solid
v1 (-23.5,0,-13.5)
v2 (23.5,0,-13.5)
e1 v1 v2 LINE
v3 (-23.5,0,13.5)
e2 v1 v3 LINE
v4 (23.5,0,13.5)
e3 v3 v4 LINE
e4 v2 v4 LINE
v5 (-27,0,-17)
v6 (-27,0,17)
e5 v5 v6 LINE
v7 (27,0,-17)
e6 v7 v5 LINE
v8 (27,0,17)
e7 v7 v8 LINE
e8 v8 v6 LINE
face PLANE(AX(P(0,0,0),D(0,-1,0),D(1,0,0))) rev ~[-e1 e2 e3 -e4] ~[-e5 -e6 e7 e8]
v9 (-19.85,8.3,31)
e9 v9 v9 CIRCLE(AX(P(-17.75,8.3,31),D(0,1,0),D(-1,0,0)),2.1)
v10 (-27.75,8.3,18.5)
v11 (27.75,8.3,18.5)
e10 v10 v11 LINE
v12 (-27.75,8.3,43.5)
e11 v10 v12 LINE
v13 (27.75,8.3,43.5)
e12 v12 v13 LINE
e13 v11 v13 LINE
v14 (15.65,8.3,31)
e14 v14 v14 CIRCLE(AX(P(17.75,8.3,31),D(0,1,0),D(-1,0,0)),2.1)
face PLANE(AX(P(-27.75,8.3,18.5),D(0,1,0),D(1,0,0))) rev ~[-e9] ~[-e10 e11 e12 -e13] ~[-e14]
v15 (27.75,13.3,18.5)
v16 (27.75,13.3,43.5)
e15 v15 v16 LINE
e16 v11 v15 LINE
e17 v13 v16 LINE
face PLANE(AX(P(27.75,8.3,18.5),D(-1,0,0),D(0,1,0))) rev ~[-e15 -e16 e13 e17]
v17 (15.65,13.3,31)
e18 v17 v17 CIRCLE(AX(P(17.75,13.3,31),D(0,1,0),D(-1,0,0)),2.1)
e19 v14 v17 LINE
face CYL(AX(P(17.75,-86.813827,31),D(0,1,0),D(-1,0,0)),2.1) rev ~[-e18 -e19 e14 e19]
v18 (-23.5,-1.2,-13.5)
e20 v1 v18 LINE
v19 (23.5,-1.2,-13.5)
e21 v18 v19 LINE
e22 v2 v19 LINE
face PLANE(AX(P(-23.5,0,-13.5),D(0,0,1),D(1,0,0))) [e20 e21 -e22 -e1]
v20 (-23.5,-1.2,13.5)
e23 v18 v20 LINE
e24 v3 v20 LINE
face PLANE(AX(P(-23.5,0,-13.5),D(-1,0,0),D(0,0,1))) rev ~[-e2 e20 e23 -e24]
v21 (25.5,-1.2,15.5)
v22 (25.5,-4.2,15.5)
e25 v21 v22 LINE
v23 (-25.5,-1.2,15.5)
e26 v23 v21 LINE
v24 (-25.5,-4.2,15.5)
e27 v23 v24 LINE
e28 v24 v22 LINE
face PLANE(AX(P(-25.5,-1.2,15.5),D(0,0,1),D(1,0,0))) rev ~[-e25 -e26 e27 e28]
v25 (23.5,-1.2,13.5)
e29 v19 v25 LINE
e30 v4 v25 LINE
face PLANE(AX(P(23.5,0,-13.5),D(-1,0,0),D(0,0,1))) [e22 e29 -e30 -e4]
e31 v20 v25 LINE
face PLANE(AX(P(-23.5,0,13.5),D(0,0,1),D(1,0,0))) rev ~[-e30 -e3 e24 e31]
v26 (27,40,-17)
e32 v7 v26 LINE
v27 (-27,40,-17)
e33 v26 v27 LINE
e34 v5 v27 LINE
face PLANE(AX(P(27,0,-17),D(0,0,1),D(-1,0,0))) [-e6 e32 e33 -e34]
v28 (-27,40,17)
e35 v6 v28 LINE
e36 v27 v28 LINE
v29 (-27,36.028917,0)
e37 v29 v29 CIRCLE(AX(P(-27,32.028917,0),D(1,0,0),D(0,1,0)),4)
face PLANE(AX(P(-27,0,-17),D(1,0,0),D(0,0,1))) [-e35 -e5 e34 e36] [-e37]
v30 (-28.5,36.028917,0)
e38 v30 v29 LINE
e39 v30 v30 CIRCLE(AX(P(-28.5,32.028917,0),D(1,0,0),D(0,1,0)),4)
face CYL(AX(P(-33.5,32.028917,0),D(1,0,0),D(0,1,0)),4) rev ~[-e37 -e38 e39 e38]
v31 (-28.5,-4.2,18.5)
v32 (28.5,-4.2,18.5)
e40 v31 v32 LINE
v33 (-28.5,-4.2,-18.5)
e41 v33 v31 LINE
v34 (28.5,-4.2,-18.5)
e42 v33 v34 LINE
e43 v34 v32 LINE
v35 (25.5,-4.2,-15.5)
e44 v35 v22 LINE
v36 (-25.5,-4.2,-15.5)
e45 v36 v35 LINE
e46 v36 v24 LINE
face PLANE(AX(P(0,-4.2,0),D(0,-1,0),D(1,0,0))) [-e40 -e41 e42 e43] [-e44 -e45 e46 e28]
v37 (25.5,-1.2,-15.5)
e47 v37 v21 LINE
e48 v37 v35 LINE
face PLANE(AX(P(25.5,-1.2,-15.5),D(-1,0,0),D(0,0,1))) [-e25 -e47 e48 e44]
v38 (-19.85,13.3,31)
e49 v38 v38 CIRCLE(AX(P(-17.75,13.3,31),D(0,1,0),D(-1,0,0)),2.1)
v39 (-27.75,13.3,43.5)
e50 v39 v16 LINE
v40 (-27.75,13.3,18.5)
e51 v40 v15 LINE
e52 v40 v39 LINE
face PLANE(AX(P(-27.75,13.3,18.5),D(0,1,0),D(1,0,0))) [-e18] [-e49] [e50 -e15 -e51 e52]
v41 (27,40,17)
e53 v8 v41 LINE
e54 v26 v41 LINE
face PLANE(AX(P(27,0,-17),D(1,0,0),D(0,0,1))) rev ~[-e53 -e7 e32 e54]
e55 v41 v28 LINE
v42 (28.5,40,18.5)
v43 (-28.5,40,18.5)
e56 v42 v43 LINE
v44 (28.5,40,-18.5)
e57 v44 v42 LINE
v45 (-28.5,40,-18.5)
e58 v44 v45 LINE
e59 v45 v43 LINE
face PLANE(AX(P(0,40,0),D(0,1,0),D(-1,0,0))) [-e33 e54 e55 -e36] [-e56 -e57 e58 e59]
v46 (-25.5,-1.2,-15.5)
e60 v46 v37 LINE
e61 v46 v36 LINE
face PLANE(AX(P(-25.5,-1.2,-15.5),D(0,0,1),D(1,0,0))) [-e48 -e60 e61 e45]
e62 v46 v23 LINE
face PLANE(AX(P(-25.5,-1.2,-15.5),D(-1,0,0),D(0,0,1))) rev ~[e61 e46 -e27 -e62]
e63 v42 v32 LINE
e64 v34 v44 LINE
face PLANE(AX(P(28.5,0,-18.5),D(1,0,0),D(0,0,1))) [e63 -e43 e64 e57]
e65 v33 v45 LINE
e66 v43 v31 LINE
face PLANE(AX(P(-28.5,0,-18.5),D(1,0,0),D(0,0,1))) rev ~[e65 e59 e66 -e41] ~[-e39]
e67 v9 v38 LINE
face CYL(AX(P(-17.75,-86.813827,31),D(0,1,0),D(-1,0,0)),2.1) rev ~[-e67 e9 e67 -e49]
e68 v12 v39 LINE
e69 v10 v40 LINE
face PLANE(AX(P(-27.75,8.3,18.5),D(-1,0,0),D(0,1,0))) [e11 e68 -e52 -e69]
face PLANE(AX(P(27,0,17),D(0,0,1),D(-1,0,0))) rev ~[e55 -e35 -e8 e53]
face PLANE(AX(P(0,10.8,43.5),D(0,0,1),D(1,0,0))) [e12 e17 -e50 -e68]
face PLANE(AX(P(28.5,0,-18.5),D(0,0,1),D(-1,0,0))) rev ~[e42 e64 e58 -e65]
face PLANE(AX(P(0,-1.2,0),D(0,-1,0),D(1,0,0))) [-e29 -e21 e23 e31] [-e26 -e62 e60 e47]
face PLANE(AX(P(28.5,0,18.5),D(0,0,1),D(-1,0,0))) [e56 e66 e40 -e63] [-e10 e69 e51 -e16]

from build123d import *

# Parameters (mm, degrees)
F0_W      = 57
F0_H      = 37
F0_W_2    = 47
F0_H_2    = 27
F1_DEPTH  = 1.2
F2_W      = 57
F2_H      = 37
F2_W_2    = 51
F2_H_2    = 31
F3_DEPTH  = 3
F4_W      = 57
F4_H      = 37
F4_W_2    = 54
F4_H_2    = 34
F5_DEPTH  = 40
F6_W      = 55.5
F6_H      = 5
F7_DEPTH  = 25
F9_D      = 4.2
F11_D     = 8
F11_DEPTH = 5


with BuildPart() as f1:
    # F0 (on Front) → F1 (new body)
    with BuildSketch(Plane.XZ):
        Rectangle(F0_W, F0_H)
        Rectangle(F0_W_2, F0_H_2, mode=Mode.SUBTRACT)
    extrude(amount=F1_DEPTH)

    # F2 (on face) → F3 (join)
    with BuildSketch(Plane.XZ.offset(1.2)):
        Rectangle(F2_W, F2_H)
        Rectangle(F2_W_2, F2_H_2, mode=Mode.SUBTRACT)
    extrude(amount=F3_DEPTH)

    # F4 (on face) → F5 (join)
    with BuildSketch(Plane(origin=(0, 0, 0), x_dir=(-1, 0, 0), z_dir=(0, 1, 0))):
        Rectangle(F4_W, F4_H)
        Rectangle(F4_W_2, F4_H_2, mode=Mode.SUBTRACT)
    extrude(amount=F5_DEPTH)

    # F6 (on face) → F7 (join)
    with BuildSketch(Plane.XY.offset(18.5)):
        with Locations((0, 10.8)):
            Rectangle(F6_W, F6_H)
    extrude(amount=F7_DEPTH)

    # F9 (through all)
    with Locations(Plane.XZ.offset(-8.3)):
        with Locations((-17.75, 31), (17.75, 31)):
            Hole(F9_D / 2)

    # F11
    with Locations(Plane(origin=(-28.5, 0, 0), x_dir=(0, -1, 0), z_dir=(-1, 0, 0))):
        with Locations((-32.028917, 0)):
            Hole(F11_D / 2, depth=F11_DEPTH)


solid = f1.part
